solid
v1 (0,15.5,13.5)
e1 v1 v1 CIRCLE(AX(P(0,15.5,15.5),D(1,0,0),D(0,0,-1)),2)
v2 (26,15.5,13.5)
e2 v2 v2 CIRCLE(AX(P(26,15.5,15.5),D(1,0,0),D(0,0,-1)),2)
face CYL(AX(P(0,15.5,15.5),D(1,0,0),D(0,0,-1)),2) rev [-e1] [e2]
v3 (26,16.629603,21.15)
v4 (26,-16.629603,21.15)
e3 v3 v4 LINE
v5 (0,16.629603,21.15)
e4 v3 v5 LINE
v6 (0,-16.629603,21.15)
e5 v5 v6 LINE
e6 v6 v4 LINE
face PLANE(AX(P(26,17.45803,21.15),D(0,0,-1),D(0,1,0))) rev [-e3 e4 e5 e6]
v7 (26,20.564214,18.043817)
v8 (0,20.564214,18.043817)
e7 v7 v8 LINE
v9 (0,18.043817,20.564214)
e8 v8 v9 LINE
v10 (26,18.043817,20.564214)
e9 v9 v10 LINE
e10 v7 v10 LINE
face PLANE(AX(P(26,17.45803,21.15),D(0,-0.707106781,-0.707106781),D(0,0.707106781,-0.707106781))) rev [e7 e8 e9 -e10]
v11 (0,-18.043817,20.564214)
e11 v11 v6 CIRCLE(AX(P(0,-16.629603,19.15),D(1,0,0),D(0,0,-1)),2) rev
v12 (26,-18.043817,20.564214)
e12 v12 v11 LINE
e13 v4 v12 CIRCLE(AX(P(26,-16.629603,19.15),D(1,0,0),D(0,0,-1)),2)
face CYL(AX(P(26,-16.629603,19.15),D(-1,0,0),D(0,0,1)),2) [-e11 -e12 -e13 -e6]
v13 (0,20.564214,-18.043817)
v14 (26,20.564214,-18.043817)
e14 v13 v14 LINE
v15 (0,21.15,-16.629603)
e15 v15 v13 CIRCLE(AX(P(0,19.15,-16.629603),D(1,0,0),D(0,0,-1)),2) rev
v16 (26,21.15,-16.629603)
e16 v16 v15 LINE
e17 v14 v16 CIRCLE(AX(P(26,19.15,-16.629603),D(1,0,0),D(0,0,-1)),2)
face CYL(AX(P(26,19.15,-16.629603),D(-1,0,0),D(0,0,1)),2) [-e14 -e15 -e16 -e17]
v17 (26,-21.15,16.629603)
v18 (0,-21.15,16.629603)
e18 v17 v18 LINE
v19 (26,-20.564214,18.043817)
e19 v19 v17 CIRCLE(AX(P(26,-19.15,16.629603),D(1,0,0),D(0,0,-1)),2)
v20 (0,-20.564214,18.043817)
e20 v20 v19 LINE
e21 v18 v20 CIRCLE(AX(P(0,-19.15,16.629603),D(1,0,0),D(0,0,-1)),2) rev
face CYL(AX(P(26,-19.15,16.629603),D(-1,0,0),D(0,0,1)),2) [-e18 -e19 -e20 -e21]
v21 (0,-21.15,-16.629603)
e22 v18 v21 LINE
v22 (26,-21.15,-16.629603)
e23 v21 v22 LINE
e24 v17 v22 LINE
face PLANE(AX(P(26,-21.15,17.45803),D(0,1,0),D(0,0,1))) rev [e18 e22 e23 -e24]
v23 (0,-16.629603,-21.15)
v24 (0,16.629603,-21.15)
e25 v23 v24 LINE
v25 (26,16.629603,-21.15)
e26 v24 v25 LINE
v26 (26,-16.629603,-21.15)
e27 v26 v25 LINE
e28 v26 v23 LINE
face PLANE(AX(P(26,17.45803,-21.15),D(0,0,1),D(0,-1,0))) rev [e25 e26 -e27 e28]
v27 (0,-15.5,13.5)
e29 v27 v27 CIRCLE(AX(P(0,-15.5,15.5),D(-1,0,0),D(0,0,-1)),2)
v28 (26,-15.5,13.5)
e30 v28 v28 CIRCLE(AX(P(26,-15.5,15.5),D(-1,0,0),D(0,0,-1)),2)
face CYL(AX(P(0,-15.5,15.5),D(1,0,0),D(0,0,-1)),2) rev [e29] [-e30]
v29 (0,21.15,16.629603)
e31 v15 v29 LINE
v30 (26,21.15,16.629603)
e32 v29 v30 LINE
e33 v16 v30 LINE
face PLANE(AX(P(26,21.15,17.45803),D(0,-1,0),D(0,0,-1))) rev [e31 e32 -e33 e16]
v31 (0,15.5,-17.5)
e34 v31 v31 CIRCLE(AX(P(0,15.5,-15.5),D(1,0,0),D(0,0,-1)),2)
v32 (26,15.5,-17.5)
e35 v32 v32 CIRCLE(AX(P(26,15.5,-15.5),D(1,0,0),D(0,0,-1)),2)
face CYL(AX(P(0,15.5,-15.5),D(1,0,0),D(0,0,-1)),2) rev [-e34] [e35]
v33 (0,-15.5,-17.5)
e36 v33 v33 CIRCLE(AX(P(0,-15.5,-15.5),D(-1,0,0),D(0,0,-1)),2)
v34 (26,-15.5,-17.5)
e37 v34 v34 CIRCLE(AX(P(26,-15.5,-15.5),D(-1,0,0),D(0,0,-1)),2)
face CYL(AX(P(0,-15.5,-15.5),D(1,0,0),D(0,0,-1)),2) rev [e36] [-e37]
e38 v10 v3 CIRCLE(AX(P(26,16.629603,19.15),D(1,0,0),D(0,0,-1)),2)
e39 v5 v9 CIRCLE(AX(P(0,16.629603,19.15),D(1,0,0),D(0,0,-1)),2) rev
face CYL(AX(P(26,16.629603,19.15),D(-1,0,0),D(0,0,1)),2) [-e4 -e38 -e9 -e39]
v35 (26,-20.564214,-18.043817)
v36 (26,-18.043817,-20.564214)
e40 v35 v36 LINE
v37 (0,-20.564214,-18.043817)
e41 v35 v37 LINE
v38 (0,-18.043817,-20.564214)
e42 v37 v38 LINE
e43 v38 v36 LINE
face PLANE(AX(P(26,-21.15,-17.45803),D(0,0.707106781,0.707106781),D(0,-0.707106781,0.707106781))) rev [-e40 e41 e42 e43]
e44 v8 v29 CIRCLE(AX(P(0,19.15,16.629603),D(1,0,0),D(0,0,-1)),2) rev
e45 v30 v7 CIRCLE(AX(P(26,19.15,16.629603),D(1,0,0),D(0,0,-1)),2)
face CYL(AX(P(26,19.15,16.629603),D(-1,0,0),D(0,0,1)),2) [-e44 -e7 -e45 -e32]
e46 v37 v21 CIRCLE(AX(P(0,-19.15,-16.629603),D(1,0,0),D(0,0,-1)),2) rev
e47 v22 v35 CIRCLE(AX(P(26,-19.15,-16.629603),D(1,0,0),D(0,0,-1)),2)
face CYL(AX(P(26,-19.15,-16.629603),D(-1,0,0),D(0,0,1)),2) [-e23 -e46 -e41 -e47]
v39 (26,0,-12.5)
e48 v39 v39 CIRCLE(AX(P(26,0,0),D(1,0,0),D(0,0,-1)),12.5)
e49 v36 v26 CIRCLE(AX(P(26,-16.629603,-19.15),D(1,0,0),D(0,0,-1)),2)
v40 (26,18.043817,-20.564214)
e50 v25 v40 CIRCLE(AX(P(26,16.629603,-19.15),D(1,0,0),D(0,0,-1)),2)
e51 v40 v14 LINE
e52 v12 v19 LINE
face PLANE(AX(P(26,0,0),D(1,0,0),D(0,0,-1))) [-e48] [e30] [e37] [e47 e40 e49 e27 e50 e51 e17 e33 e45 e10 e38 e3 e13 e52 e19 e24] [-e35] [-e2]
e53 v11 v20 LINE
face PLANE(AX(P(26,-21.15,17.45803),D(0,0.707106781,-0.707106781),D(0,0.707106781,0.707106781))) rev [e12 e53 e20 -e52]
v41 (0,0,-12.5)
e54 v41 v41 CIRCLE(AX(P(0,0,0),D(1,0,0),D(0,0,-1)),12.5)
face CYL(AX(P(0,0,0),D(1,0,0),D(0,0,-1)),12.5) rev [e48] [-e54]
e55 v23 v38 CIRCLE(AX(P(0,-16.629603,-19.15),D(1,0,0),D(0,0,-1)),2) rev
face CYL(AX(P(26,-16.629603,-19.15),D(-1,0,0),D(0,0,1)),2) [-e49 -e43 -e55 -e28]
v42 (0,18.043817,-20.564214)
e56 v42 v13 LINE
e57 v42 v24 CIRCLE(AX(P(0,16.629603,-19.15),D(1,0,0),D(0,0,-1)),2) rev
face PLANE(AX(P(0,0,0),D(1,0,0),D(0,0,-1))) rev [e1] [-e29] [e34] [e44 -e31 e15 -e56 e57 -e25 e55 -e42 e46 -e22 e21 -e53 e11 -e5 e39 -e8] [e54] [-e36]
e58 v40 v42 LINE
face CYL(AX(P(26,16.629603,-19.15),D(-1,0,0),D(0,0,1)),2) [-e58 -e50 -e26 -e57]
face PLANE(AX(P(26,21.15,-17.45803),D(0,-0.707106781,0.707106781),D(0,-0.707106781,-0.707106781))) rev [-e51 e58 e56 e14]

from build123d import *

# Parameters (mm, degrees)
BOSS_EXTRUDE1_DEPTH     = 26
FILLET1_R               = 2
SKETCH2_R               = 12.5
CUT_EXTRUDE1_DEPTH      = 27
SKETCH3_R               = 2
CUT_EXTRUDE2_DEPTH      = 27
LPATTERN1_COUNT         = 2
LPATTERN1_PITCH         = 31
MIRROR1_COPY_1_SKETCH_R = 2
MIRROR1_COPY_1_DEPTH    = 27


with BuildPart() as part:
    # Sketch1 → Boss-Extrude1 (new body)
    with BuildSketch(Plane(origin=(0, 0, 0), x_dir=(0, 0, -1), z_dir=(1, 0, 0))):
        Polygon((-21.15, 17.458030253), (-17.458030253, 21.15), (17.458030253, 21.15), (21.15, 17.458030253), (21.15, -17.458030253), (17.458030253, -21.15), (-17.458030253, -21.15), (-21.15, -17.458030253), align=None)
    extrude(amount=BOSS_EXTRUDE1_DEPTH)

    # Fillet1
    fillet1_edges = [part.edges().sort_by_distance(p)[0] for p in [
        (13, 17.458030253, 21.15),
        (13, 21.15, 17.458030253),
        (13, 21.15, -17.458030253),
        (13, 17.458030253, -21.15),
        (13, -17.458030253, -21.15),
        (13, -21.15, -17.458030253),
        (13, -21.15, 17.458030253),
        (13, -17.458030253, 21.15),
    ]]
    fillet(fillet1_edges, radius=FILLET1_R)

    # Sketch2 → Cut-Extrude1 (cut, through all)
    with BuildSketch(Plane(origin=(26, 0, 0), x_dir=(0, 0, -1), z_dir=(1, 0, 0))):
        Circle(SKETCH2_R)
    extrude(amount=-CUT_EXTRUDE1_DEPTH, mode=Mode.SUBTRACT)

    # Sketch3 → Cut-Extrude2 (cut, through all)
    with BuildSketch(Plane(origin=(26, 0, 0), x_dir=(0, 0, -1), z_dir=(1, 0, 0))):
        with Locations((-15.5, 15.5)):
            Circle(SKETCH3_R)
    cut_extrude2 = extrude(amount=-CUT_EXTRUDE2_DEPTH, mode=Mode.SUBTRACT)

    # LPattern1: Cut-Extrude2 ×2
    with Locations(*[(0, 0, -i * LPATTERN1_PITCH) for i in range(1, LPATTERN1_COUNT)]):
        add(cut_extrude2, mode=Mode.SUBTRACT)

    # Mirror1: Cut-Extrude2 across plane
    add(cut_extrude2.mirror(Plane.ZX), mode=Mode.SUBTRACT)

    # Mirror1 copy 1 sketch → Mirror1 copy 1 (cut, through all)
    with BuildSketch(Plane(origin=(26, 0, -31), x_dir=(0, 0, -1), z_dir=(1, 0, 0))):
        with Locations((-15.5, -15.5)):
            Circle(MIRROR1_COPY_1_SKETCH_R)
    extrude(amount=-MIRROR1_COPY_1_DEPTH, mode=Mode.SUBTRACT)


solid = part.part
